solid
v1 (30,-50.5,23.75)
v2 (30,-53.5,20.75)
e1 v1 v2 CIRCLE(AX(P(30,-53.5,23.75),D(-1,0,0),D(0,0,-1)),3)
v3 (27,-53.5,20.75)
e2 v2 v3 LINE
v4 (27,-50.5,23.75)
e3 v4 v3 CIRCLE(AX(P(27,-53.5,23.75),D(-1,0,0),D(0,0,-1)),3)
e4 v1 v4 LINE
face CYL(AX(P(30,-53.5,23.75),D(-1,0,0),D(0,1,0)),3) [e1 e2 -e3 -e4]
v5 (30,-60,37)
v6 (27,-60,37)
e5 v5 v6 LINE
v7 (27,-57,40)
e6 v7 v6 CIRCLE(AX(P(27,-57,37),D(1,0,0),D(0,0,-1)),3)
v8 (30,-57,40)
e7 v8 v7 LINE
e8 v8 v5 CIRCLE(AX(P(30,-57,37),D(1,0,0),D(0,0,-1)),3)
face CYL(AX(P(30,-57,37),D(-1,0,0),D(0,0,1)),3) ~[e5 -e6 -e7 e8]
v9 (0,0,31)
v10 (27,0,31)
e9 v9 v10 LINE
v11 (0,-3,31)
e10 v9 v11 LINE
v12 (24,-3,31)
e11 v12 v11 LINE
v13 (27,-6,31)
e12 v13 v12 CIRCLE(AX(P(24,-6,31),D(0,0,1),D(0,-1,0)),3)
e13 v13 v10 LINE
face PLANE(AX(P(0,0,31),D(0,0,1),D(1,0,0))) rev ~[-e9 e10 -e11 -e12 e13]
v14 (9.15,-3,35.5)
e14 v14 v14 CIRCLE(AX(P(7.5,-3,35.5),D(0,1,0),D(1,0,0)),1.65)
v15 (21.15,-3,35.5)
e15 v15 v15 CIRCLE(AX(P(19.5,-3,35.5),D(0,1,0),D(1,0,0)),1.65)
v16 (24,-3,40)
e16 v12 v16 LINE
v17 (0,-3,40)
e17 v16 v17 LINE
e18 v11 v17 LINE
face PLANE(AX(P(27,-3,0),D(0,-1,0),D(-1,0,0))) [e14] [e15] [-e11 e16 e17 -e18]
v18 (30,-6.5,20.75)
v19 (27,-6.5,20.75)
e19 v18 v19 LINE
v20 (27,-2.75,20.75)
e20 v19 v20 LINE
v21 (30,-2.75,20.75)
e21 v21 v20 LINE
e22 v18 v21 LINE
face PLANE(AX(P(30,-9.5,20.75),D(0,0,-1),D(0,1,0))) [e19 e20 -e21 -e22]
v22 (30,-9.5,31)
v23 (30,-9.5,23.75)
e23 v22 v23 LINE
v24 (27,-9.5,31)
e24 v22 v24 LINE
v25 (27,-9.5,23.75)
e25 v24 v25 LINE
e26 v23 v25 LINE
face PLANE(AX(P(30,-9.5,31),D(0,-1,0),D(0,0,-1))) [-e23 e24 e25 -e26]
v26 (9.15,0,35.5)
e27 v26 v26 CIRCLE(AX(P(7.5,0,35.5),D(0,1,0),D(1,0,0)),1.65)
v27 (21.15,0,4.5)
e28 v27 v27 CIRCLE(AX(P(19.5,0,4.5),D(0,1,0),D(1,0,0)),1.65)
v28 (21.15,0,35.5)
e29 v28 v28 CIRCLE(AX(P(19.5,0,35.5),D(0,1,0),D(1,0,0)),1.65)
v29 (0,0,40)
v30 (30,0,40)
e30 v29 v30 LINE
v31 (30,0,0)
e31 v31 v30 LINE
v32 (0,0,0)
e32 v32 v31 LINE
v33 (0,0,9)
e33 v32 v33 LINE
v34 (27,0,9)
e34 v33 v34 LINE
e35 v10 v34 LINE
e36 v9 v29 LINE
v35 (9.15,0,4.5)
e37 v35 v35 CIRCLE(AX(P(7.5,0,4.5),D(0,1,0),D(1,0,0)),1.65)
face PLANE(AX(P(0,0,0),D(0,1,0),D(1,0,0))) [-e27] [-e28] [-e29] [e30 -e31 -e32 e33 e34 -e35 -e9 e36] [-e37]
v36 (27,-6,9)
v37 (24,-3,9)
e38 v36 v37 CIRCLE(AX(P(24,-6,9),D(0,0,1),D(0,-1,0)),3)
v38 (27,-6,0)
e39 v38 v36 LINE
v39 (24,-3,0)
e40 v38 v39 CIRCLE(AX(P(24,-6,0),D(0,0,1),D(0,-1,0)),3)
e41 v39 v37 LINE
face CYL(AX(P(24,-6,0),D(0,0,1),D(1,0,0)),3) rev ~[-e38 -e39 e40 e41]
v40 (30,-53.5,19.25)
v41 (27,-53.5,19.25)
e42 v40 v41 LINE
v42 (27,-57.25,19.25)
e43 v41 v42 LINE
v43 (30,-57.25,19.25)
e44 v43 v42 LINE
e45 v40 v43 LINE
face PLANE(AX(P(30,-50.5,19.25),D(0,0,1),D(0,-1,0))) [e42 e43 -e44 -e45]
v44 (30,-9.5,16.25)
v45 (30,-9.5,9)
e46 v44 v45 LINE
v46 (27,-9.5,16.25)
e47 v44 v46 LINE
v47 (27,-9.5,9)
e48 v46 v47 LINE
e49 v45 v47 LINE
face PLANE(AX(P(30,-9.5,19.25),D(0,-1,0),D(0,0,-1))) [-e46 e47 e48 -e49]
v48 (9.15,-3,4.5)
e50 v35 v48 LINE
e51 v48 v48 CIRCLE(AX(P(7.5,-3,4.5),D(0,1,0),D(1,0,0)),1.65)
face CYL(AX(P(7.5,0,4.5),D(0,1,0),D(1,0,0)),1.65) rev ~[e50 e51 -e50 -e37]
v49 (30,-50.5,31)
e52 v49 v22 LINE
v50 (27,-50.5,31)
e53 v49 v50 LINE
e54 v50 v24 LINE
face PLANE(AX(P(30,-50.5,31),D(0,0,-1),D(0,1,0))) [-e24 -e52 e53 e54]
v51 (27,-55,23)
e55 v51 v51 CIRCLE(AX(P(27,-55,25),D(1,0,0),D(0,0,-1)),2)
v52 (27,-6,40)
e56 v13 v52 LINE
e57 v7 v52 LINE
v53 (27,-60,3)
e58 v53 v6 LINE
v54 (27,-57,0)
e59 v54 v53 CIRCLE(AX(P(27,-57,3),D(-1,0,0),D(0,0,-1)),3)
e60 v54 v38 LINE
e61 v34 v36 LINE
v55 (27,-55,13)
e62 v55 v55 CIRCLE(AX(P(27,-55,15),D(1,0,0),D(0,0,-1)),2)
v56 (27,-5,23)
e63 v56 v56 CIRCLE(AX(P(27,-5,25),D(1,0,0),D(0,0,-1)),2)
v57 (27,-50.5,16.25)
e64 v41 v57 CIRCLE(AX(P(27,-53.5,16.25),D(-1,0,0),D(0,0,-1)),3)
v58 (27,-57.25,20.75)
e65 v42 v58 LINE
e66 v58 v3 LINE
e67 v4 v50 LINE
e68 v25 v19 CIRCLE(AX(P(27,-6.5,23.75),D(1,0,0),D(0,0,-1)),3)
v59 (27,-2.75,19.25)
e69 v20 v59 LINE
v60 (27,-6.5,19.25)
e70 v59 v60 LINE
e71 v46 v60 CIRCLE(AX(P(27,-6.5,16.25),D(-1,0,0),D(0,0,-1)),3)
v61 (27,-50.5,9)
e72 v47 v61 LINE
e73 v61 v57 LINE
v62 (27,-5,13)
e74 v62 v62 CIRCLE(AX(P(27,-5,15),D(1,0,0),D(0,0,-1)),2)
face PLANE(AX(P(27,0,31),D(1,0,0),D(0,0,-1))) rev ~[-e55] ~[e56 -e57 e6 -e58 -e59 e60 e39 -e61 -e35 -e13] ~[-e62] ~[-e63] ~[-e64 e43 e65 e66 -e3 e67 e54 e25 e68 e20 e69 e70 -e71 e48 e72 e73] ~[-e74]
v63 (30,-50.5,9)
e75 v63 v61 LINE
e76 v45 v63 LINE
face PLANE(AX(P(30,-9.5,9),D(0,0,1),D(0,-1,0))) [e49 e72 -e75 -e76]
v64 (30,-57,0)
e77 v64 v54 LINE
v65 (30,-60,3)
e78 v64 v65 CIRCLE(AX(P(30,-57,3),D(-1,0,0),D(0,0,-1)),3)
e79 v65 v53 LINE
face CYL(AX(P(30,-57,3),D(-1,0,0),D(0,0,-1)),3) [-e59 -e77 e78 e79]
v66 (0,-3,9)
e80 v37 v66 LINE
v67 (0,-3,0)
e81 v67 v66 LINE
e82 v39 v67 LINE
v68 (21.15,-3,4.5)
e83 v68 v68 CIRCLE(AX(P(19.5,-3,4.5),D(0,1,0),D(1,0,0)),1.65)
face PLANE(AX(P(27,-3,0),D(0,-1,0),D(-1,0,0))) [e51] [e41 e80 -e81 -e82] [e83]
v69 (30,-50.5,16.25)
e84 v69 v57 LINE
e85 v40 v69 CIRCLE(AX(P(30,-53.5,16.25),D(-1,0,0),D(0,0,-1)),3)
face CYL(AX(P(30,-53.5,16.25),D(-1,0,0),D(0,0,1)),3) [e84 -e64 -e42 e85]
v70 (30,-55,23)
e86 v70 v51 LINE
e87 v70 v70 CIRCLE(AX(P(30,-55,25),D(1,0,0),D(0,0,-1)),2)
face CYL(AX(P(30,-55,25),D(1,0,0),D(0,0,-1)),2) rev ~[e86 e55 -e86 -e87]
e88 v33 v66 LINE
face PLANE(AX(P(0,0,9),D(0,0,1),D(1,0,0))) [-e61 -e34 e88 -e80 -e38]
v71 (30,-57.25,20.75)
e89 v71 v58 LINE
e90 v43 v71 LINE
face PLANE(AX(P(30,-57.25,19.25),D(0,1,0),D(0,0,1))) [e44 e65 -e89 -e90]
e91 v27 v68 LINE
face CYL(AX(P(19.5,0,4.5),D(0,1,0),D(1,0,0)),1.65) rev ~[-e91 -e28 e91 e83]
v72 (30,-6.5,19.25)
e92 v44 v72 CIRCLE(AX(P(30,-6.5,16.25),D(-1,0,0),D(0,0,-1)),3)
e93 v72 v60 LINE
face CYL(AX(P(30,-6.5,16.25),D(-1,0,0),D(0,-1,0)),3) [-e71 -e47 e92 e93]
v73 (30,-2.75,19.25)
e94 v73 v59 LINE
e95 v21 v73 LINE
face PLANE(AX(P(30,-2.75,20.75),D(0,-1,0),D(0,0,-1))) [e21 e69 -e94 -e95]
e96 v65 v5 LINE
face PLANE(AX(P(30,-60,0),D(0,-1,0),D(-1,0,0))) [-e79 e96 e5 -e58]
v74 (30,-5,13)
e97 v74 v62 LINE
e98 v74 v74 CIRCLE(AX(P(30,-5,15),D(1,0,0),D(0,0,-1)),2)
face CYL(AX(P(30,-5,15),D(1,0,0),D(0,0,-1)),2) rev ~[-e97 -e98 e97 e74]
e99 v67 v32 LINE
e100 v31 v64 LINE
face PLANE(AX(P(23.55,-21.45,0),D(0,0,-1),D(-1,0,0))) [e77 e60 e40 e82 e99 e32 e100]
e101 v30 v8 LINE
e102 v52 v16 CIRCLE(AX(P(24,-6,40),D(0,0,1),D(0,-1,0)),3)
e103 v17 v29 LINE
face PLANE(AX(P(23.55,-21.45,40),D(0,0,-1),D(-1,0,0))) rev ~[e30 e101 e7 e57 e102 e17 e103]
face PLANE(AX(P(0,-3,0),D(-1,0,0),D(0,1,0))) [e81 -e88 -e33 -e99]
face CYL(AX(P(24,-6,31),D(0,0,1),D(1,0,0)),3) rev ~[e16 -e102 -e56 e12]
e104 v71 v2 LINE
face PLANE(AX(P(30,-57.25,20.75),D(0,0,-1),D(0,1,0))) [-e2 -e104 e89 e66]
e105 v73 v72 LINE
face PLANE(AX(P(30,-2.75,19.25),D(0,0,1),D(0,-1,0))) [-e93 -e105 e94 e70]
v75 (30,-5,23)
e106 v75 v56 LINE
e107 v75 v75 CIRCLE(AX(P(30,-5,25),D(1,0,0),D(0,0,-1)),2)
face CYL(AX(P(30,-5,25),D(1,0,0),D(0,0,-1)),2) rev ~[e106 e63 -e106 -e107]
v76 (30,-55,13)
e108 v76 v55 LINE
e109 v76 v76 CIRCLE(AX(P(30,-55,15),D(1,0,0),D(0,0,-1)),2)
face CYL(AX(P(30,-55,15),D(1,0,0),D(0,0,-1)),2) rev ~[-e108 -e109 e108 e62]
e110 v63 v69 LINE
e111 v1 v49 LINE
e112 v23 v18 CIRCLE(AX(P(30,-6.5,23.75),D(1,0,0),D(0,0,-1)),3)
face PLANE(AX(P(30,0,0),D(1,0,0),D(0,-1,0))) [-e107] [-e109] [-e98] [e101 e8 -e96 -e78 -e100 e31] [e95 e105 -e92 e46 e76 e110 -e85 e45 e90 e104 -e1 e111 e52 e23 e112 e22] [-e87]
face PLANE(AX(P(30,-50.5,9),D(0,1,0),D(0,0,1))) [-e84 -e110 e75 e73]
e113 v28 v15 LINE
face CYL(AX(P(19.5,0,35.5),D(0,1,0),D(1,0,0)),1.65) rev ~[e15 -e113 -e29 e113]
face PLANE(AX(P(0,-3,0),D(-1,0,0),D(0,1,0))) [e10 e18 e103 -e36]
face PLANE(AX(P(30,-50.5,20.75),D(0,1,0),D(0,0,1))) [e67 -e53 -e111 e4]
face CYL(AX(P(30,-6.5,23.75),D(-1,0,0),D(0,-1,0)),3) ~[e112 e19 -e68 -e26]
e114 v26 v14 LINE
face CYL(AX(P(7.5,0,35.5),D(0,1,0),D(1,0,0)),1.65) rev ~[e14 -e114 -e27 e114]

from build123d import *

# Parameters (mm, degrees)
EXTRUDE_1_DEPTH     = 40
SKETCH_2_R          = 1.65
SKETCH_2_W          = 27
SKETCH_2_H          = 22
CUT_EXTRUDE_2_DEPTH = 10
SKETCH_3_R          = 2
CUT_EXTRUDE_3_DEPTH = 10
FILLET_1_R          = 3


with BuildPart() as part:
    # 草图1 → 凸台-拉伸1 (new body)
    with BuildSketch(Plane.XY):
        Polygon((0, 0), (30, 0), (30, -60), (27, -60), (27, -3), (0, -3), align=None)
    extrude(amount=EXTRUDE_1_DEPTH)

    # 草图2 → 切除-拉伸2 (cut)
    with BuildSketch(Plane(origin=(0, 0, 0), x_dir=(1, 0, 0), z_dir=(0, 1, 0))):
        with Locations((7.5, -4.5)):
            Circle(SKETCH_2_R)
        with Locations((19.5, -4.5)):
            Circle(SKETCH_2_R)
        with Locations((19.5, -35.5)):
            Circle(SKETCH_2_R)
        with Locations((7.5, -35.5)):
            Circle(SKETCH_2_R)
        with Locations((13.5, -20)):
            Rectangle(SKETCH_2_W, SKETCH_2_H)
    extrude(amount=-CUT_EXTRUDE_2_DEPTH, mode=Mode.SUBTRACT)

    # 草图3 → 切除-拉伸3 (cut)
    with BuildSketch(Plane(origin=(30, 0, 0), x_dir=(0, 0, -1), z_dir=(1, 0, 0))):
        with Locations((-25, -5)):
            Circle(SKETCH_3_R)
        with Locations((-15, -5)):
            Circle(SKETCH_3_R)
        with Locations((-15, -55)):
            Circle(SKETCH_3_R)
        with Locations((-25, -55)):
            Circle(SKETCH_3_R)
        Polygon((-20.75, -9.5), (-20.75, -2.75), (-19.25, -2.75), (-19.25, -9.5), (-9, -9.5), (-9, -50.5), (-19.25, -50.5), (-19.25, -57.25), (-20.75, -57.25), (-20.75, -50.5), (-31, -50.5), (-31, -9.5), align=None)
    extrude(amount=-CUT_EXTRUDE_3_DEPTH, mode=Mode.SUBTRACT)

    # 圆角1
    fillet_1_edges = [part.edges().sort_by_distance(p)[0] for p in [
        (27, -3, 35.5),
        (28.5, -60, 40),
        (27, -3, 4.5),
        (28.5, -60, 0),
        (28.5, -9.5, 19.25),
        (28.5, -50.5, 19.25),
        (28.5, -50.5, 20.75),
        (28.5, -9.5, 20.75),
    ]]
    fillet(fillet_1_edges, radius=FILLET_1_R)


solid = part.part
